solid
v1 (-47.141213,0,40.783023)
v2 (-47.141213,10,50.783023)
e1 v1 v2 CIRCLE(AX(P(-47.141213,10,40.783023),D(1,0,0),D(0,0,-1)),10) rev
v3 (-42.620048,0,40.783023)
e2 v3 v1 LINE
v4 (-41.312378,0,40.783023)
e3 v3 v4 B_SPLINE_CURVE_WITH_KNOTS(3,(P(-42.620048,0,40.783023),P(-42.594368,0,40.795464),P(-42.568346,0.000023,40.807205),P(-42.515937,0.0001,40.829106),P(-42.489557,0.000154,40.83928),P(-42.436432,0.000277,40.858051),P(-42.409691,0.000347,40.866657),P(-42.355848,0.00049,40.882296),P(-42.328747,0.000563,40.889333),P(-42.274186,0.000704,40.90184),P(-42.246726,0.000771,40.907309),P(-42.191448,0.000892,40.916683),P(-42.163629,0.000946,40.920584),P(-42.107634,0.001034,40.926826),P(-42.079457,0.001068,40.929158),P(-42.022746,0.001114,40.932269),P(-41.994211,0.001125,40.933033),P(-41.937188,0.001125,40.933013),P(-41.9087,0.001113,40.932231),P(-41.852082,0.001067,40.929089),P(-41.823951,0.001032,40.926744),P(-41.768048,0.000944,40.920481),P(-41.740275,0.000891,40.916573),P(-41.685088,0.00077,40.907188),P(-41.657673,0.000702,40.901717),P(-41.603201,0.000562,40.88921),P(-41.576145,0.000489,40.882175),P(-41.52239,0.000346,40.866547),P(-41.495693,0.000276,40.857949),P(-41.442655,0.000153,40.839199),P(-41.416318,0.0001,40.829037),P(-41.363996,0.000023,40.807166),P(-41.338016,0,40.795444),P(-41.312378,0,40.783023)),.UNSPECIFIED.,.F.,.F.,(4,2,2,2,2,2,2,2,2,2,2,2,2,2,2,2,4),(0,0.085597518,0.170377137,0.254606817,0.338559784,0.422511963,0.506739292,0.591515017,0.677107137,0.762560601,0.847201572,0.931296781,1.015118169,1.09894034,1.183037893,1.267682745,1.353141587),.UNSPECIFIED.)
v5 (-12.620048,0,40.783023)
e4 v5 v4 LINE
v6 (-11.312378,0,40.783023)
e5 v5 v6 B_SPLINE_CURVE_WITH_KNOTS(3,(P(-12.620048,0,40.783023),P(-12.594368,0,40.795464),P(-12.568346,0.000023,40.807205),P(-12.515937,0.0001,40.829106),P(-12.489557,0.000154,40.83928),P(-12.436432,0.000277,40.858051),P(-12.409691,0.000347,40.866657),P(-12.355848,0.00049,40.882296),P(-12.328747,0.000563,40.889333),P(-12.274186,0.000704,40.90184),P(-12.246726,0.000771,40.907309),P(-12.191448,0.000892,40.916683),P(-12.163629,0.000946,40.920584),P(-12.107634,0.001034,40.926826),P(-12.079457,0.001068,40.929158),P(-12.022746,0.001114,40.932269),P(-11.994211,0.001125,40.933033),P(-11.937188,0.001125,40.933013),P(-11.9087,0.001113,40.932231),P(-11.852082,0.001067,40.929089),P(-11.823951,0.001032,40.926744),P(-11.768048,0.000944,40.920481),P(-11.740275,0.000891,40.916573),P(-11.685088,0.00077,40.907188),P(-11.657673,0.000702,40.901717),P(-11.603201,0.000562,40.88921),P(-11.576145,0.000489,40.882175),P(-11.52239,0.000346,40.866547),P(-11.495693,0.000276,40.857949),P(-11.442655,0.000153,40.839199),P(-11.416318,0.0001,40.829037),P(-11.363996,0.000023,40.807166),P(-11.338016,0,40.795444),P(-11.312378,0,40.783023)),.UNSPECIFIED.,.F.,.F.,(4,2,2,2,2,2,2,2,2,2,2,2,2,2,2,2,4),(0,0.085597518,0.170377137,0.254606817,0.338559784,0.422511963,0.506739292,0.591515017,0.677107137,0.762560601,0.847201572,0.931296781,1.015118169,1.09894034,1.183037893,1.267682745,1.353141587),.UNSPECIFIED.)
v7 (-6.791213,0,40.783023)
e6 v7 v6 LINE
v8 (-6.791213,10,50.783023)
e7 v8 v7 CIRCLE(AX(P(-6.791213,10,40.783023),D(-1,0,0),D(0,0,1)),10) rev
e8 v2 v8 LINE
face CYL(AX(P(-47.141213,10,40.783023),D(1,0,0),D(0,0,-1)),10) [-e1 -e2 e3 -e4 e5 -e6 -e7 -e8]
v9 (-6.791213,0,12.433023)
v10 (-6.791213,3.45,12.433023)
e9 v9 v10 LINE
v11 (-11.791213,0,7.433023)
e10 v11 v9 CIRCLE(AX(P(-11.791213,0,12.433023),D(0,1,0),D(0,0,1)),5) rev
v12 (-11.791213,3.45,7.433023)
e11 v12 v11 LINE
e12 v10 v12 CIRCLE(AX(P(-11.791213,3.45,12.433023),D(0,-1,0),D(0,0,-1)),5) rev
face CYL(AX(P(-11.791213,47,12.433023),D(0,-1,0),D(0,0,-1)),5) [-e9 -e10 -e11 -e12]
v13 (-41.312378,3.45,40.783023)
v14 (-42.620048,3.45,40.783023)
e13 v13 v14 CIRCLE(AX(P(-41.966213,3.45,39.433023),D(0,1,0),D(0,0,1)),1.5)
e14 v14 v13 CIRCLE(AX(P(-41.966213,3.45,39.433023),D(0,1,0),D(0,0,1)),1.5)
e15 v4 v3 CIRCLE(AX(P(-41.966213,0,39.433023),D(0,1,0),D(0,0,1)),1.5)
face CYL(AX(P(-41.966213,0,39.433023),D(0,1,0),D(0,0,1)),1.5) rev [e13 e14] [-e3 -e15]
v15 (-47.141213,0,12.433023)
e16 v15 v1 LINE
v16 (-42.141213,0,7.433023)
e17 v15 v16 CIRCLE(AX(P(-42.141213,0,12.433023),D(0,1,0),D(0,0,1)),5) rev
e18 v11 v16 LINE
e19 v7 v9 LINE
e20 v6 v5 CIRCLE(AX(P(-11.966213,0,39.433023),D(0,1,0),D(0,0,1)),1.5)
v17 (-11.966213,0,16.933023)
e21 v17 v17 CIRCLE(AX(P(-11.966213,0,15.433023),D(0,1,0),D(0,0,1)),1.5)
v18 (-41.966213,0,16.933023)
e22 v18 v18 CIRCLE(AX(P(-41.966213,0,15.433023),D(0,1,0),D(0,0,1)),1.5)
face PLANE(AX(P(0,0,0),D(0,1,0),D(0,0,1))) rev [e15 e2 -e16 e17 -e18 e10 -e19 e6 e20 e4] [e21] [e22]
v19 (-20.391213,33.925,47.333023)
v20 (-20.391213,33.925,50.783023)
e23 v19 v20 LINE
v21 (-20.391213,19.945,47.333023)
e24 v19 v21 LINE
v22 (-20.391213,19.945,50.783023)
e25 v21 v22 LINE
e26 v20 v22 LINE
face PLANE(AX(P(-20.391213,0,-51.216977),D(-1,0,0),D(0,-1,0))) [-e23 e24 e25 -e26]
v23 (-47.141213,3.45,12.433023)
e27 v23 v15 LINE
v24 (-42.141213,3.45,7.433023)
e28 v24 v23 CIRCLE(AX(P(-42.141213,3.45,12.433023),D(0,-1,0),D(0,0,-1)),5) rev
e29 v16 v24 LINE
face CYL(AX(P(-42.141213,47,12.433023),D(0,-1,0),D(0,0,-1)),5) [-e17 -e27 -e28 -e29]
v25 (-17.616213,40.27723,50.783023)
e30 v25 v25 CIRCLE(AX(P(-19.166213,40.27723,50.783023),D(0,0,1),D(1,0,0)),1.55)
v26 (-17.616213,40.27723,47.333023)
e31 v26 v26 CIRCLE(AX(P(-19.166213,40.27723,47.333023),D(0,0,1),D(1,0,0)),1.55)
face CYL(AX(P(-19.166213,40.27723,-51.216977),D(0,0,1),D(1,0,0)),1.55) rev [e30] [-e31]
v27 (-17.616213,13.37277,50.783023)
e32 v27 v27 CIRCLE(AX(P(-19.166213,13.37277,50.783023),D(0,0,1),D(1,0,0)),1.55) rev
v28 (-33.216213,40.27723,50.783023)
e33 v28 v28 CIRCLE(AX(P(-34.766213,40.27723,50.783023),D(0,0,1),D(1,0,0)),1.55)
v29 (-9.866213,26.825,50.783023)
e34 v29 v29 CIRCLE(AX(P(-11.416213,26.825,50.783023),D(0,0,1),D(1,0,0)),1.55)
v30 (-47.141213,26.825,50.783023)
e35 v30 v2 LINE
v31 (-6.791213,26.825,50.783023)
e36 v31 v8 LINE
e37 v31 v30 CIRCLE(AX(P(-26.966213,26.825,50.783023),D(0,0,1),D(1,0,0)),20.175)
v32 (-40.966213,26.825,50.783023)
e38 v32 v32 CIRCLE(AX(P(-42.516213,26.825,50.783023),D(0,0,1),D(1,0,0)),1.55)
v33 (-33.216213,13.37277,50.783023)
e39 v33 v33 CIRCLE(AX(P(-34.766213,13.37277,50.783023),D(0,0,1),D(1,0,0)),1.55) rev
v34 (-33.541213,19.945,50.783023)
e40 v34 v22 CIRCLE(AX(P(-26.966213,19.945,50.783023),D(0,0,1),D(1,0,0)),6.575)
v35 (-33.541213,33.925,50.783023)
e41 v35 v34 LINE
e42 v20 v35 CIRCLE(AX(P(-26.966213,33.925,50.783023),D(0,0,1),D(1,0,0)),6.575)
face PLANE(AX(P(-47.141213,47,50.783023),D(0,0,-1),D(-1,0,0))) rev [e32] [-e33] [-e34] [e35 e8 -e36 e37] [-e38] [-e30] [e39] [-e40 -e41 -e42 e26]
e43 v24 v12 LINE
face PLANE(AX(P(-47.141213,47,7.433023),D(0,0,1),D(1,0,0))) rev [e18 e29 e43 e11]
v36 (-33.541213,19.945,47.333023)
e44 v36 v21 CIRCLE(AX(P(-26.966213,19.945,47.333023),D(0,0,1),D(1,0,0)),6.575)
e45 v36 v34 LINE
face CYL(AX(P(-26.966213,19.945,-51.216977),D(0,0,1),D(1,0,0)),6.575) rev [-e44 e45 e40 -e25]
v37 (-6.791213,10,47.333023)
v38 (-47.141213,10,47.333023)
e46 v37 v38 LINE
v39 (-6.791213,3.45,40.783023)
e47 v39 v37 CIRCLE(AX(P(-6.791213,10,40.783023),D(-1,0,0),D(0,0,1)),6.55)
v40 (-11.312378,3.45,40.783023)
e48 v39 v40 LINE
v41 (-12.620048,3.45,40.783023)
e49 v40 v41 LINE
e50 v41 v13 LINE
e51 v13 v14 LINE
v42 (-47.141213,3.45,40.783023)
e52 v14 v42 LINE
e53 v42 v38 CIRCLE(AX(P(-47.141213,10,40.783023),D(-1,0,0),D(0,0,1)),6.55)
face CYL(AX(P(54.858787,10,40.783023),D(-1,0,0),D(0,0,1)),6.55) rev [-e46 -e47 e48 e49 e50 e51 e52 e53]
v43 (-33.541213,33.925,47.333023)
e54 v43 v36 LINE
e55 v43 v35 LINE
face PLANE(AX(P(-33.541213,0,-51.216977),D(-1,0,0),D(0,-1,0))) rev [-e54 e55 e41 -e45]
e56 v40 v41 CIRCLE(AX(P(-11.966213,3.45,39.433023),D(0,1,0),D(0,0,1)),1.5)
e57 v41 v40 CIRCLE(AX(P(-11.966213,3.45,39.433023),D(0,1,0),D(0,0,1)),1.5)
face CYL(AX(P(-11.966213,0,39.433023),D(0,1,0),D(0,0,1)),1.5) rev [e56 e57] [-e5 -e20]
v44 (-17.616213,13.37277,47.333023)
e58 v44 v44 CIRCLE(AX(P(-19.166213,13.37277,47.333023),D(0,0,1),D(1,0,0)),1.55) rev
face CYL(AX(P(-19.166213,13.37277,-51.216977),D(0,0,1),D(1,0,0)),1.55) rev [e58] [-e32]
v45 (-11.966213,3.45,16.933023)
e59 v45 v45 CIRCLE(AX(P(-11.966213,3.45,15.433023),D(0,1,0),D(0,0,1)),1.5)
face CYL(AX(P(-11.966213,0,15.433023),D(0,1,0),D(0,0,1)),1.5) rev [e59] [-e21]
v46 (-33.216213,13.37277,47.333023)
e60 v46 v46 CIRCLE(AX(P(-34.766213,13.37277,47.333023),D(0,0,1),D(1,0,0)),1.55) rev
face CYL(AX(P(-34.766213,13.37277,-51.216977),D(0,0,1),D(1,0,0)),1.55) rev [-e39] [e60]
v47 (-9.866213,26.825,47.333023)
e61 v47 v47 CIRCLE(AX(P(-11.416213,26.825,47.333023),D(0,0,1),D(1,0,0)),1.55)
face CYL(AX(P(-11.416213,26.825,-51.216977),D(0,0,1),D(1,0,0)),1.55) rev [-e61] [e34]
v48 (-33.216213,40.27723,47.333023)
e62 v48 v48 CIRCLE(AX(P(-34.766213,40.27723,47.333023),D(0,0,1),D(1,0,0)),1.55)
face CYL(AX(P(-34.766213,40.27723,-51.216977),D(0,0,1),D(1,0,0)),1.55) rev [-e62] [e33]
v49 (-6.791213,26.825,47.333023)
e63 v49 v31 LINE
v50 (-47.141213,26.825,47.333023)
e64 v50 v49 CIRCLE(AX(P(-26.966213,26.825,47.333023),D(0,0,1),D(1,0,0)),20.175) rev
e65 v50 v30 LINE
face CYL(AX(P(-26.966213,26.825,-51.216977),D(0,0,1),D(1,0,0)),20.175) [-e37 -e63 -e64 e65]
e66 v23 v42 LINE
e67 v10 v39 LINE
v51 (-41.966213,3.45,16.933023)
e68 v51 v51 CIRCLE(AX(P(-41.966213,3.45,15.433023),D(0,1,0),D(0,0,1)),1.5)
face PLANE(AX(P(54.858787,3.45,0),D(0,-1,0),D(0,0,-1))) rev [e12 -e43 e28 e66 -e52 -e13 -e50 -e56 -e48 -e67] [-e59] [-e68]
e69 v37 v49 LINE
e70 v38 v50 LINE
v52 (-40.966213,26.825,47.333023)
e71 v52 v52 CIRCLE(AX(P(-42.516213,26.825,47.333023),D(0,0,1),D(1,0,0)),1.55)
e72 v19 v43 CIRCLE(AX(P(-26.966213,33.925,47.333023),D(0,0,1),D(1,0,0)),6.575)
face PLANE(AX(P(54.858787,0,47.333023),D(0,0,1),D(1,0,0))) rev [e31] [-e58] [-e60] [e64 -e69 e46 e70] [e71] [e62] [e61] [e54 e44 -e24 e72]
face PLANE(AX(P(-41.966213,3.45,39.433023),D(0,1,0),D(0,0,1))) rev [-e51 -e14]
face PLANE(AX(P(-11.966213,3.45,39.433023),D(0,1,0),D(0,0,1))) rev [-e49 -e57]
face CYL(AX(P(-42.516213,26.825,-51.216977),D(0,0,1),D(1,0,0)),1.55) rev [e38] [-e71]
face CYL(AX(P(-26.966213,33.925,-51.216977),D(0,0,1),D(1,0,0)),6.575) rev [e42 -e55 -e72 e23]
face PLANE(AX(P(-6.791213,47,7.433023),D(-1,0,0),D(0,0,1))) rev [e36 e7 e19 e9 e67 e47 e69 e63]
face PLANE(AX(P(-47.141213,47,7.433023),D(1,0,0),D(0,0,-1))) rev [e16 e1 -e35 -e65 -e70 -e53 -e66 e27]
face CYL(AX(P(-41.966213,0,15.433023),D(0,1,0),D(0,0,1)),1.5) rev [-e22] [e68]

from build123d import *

# Parameters (mm, degrees)
SKETCH1_W           = 40.35
SKETCH1_H           = 43.35
BOSS_EXTRUDE1_DEPTH = 47
CUT_EXTRUDE2_DEPTH  = 102
FILLET1_R           = 10
CUT_EXTRUDE3_DEPTH  = 102
FILLET2_R           = 5
CUT_EXTRUDE5_DEPTH  = 102
SKETCH8_R           = 1.55
CUT_EXTRUDE6_DEPTH  = 102
SKETCH6_R           = 1.5
CUT_EXTRUDE7_DEPTH  = 82.840160626


with BuildPart() as part:
    # Sketch1 → Boss-Extrude1 (new body)
    with BuildSketch(Plane(origin=(0, 0, 0), x_dir=(1, 0, 0), z_dir=(0, 1, 0))):
        with Locations((-26.966212793, -29.108023223)):
            Rectangle(SKETCH1_W, SKETCH1_H)
    extrude(amount=BOSS_EXTRUDE1_DEPTH)

    # Sketch3 → Cut-Extrude2 (cut)
    with BuildSketch(Plane.XY.offset(50.783023223)):
        with BuildLine():
            Line((-47.141212793, 47), (-47.141212793, 26.825))
            ThreePointArc((-47.141212793, 26.825), (-41.232092103, 41.09087931), (-26.966212793, 47))
            Line((-26.966212793, 47), (-47.141212793, 47))
        make_face()
        with BuildLine():
            Line((-6.791212793, 47), (-26.966212793, 47))
            ThreePointArc((-26.966212793, 47), (-12.700333482, 41.09087931), (-6.791212793, 26.825))
            Line((-6.791212793, 26.825), (-6.791212793, 47))
        make_face()
    extrude(amount=-CUT_EXTRUDE2_DEPTH, mode=Mode.SUBTRACT)

    # Fillet1
    fillet1_edges = [part.edges().sort_by_distance(p)[0] for p in [
        (-26.966212793, 0, 50.783023223),
    ]]
    fillet(fillet1_edges, radius=FILLET1_R)

    # Sketch5 → Cut-Extrude3 (cut)
    with BuildSketch(Plane.ZY.offset(47.141212793)):
        with BuildLine():
            Line((-6.665763497, 3.45), (36.595559978, 3.45))
            Line((36.595559978, 3.45), (40.783023223, 3.45))
            ThreePointArc((40.783023223, 3.45), (45.41457264, 5.368450583), (47.333023223, 10))
            Line((47.333023223, 10), (47.333023223, 17.578484004))
            Line((47.333023223, 17.578484004), (47.333023223, 59.778436909))
            Line((47.333023223, 59.778436909), (-6.665763497, 59.778436909))
            Line((-6.665763497, 59.778436909), (-6.665763497, 3.45))
        make_face()
    extrude(amount=-CUT_EXTRUDE3_DEPTH, mode=Mode.SUBTRACT)

    # Fillet2
    fillet2_edges = [part.edges().sort_by_distance(p)[0] for p in [
        (-6.791212793, 1.725, 7.433023223),
        (-47.141212793, 1.725, 7.433023223),
    ]]
    fillet(fillet2_edges, radius=FILLET2_R)

    # Sketch7 → Cut-Extrude5 (cut)
    with BuildSketch(Plane.XY.offset(50.783023223)):
        with BuildLine():
            Line((-33.541212793, 33.925), (-33.541212793, 19.945))
            ThreePointArc((-33.541212793, 19.945), (-26.966212793, 13.37), (-20.391212793, 19.945))
            Line((-20.391212793, 19.945), (-20.391212793, 33.925))
            ThreePointArc((-20.391212793, 33.925), (-26.966212793, 40.5), (-33.541212793, 33.925))
        make_face()
    extrude(amount=-CUT_EXTRUDE5_DEPTH, mode=Mode.SUBTRACT)

    # Sketch8 → Cut-Extrude6 (cut)
    with BuildSketch(Plane.XY.offset(50.783023223)):
        with Locations((-34.766212793, 13.372769702)):
            Circle(SKETCH8_R)
        with Locations((-19.166212793, 13.372769702)):
            Circle(SKETCH8_R)
        with BuildLine():
            ThreePointArc((-12.966212793, 26.825), (-11.416212793, 25.275), (-9.866212793, 26.825))
            Line((-9.866212793, 26.825), (-12.966212793, 26.825))
        make_face()
        with BuildLine():
            Line((-12.966212793, 26.825), (-9.866212793, 26.825))
            ThreePointArc((-9.866212793, 26.825), (-11.416212793, 28.375), (-12.966212793, 26.825))
        make_face()
        with BuildLine():
            ThreePointArc((-44.066212793, 26.825), (-42.516212793, 25.275), (-40.966212793, 26.825))
            Line((-40.966212793, 26.825), (-44.066212793, 26.825))
        make_face()
        with BuildLine():
            Line((-44.066212793, 26.825), (-40.966212793, 26.825))
            ThreePointArc((-40.966212793, 26.825), (-42.516212793, 28.375), (-44.066212793, 26.825))
        make_face()
        with Locations((-34.766212793, 40.277230298)):
            Circle(SKETCH8_R)
        with Locations((-19.166212793, 40.277230298)):
            Circle(SKETCH8_R)
    extrude(amount=-CUT_EXTRUDE6_DEPTH, mode=Mode.SUBTRACT)

    # Sketch6 → Cut-Extrude7 (cut, through all)
    with BuildSketch(Plane(origin=(0, 3.45, 0), x_dir=(1, 0, 0), z_dir=(0, 1, 0))):
        with Locations(Location((-41.966212793, -15.433023223, 0), (0, 0, 270))):
            Circle(SKETCH6_R)
        with Locations(Location((-11.966212793, -15.433023223, 0), (0, 0, 270))):
            Circle(SKETCH6_R)
        with Locations(Location((-41.966212793, -39.433023223, 0), (0, 0, 244.158067237))):
            Circle(SKETCH6_R)
        with Locations(Location((-11.966212793, -39.433023223, 0), (0, 0, 295.841932763))):
            Circle(SKETCH6_R)
    extrude(amount=-CUT_EXTRUDE7_DEPTH, mode=Mode.SUBTRACT)


solid = part.part
